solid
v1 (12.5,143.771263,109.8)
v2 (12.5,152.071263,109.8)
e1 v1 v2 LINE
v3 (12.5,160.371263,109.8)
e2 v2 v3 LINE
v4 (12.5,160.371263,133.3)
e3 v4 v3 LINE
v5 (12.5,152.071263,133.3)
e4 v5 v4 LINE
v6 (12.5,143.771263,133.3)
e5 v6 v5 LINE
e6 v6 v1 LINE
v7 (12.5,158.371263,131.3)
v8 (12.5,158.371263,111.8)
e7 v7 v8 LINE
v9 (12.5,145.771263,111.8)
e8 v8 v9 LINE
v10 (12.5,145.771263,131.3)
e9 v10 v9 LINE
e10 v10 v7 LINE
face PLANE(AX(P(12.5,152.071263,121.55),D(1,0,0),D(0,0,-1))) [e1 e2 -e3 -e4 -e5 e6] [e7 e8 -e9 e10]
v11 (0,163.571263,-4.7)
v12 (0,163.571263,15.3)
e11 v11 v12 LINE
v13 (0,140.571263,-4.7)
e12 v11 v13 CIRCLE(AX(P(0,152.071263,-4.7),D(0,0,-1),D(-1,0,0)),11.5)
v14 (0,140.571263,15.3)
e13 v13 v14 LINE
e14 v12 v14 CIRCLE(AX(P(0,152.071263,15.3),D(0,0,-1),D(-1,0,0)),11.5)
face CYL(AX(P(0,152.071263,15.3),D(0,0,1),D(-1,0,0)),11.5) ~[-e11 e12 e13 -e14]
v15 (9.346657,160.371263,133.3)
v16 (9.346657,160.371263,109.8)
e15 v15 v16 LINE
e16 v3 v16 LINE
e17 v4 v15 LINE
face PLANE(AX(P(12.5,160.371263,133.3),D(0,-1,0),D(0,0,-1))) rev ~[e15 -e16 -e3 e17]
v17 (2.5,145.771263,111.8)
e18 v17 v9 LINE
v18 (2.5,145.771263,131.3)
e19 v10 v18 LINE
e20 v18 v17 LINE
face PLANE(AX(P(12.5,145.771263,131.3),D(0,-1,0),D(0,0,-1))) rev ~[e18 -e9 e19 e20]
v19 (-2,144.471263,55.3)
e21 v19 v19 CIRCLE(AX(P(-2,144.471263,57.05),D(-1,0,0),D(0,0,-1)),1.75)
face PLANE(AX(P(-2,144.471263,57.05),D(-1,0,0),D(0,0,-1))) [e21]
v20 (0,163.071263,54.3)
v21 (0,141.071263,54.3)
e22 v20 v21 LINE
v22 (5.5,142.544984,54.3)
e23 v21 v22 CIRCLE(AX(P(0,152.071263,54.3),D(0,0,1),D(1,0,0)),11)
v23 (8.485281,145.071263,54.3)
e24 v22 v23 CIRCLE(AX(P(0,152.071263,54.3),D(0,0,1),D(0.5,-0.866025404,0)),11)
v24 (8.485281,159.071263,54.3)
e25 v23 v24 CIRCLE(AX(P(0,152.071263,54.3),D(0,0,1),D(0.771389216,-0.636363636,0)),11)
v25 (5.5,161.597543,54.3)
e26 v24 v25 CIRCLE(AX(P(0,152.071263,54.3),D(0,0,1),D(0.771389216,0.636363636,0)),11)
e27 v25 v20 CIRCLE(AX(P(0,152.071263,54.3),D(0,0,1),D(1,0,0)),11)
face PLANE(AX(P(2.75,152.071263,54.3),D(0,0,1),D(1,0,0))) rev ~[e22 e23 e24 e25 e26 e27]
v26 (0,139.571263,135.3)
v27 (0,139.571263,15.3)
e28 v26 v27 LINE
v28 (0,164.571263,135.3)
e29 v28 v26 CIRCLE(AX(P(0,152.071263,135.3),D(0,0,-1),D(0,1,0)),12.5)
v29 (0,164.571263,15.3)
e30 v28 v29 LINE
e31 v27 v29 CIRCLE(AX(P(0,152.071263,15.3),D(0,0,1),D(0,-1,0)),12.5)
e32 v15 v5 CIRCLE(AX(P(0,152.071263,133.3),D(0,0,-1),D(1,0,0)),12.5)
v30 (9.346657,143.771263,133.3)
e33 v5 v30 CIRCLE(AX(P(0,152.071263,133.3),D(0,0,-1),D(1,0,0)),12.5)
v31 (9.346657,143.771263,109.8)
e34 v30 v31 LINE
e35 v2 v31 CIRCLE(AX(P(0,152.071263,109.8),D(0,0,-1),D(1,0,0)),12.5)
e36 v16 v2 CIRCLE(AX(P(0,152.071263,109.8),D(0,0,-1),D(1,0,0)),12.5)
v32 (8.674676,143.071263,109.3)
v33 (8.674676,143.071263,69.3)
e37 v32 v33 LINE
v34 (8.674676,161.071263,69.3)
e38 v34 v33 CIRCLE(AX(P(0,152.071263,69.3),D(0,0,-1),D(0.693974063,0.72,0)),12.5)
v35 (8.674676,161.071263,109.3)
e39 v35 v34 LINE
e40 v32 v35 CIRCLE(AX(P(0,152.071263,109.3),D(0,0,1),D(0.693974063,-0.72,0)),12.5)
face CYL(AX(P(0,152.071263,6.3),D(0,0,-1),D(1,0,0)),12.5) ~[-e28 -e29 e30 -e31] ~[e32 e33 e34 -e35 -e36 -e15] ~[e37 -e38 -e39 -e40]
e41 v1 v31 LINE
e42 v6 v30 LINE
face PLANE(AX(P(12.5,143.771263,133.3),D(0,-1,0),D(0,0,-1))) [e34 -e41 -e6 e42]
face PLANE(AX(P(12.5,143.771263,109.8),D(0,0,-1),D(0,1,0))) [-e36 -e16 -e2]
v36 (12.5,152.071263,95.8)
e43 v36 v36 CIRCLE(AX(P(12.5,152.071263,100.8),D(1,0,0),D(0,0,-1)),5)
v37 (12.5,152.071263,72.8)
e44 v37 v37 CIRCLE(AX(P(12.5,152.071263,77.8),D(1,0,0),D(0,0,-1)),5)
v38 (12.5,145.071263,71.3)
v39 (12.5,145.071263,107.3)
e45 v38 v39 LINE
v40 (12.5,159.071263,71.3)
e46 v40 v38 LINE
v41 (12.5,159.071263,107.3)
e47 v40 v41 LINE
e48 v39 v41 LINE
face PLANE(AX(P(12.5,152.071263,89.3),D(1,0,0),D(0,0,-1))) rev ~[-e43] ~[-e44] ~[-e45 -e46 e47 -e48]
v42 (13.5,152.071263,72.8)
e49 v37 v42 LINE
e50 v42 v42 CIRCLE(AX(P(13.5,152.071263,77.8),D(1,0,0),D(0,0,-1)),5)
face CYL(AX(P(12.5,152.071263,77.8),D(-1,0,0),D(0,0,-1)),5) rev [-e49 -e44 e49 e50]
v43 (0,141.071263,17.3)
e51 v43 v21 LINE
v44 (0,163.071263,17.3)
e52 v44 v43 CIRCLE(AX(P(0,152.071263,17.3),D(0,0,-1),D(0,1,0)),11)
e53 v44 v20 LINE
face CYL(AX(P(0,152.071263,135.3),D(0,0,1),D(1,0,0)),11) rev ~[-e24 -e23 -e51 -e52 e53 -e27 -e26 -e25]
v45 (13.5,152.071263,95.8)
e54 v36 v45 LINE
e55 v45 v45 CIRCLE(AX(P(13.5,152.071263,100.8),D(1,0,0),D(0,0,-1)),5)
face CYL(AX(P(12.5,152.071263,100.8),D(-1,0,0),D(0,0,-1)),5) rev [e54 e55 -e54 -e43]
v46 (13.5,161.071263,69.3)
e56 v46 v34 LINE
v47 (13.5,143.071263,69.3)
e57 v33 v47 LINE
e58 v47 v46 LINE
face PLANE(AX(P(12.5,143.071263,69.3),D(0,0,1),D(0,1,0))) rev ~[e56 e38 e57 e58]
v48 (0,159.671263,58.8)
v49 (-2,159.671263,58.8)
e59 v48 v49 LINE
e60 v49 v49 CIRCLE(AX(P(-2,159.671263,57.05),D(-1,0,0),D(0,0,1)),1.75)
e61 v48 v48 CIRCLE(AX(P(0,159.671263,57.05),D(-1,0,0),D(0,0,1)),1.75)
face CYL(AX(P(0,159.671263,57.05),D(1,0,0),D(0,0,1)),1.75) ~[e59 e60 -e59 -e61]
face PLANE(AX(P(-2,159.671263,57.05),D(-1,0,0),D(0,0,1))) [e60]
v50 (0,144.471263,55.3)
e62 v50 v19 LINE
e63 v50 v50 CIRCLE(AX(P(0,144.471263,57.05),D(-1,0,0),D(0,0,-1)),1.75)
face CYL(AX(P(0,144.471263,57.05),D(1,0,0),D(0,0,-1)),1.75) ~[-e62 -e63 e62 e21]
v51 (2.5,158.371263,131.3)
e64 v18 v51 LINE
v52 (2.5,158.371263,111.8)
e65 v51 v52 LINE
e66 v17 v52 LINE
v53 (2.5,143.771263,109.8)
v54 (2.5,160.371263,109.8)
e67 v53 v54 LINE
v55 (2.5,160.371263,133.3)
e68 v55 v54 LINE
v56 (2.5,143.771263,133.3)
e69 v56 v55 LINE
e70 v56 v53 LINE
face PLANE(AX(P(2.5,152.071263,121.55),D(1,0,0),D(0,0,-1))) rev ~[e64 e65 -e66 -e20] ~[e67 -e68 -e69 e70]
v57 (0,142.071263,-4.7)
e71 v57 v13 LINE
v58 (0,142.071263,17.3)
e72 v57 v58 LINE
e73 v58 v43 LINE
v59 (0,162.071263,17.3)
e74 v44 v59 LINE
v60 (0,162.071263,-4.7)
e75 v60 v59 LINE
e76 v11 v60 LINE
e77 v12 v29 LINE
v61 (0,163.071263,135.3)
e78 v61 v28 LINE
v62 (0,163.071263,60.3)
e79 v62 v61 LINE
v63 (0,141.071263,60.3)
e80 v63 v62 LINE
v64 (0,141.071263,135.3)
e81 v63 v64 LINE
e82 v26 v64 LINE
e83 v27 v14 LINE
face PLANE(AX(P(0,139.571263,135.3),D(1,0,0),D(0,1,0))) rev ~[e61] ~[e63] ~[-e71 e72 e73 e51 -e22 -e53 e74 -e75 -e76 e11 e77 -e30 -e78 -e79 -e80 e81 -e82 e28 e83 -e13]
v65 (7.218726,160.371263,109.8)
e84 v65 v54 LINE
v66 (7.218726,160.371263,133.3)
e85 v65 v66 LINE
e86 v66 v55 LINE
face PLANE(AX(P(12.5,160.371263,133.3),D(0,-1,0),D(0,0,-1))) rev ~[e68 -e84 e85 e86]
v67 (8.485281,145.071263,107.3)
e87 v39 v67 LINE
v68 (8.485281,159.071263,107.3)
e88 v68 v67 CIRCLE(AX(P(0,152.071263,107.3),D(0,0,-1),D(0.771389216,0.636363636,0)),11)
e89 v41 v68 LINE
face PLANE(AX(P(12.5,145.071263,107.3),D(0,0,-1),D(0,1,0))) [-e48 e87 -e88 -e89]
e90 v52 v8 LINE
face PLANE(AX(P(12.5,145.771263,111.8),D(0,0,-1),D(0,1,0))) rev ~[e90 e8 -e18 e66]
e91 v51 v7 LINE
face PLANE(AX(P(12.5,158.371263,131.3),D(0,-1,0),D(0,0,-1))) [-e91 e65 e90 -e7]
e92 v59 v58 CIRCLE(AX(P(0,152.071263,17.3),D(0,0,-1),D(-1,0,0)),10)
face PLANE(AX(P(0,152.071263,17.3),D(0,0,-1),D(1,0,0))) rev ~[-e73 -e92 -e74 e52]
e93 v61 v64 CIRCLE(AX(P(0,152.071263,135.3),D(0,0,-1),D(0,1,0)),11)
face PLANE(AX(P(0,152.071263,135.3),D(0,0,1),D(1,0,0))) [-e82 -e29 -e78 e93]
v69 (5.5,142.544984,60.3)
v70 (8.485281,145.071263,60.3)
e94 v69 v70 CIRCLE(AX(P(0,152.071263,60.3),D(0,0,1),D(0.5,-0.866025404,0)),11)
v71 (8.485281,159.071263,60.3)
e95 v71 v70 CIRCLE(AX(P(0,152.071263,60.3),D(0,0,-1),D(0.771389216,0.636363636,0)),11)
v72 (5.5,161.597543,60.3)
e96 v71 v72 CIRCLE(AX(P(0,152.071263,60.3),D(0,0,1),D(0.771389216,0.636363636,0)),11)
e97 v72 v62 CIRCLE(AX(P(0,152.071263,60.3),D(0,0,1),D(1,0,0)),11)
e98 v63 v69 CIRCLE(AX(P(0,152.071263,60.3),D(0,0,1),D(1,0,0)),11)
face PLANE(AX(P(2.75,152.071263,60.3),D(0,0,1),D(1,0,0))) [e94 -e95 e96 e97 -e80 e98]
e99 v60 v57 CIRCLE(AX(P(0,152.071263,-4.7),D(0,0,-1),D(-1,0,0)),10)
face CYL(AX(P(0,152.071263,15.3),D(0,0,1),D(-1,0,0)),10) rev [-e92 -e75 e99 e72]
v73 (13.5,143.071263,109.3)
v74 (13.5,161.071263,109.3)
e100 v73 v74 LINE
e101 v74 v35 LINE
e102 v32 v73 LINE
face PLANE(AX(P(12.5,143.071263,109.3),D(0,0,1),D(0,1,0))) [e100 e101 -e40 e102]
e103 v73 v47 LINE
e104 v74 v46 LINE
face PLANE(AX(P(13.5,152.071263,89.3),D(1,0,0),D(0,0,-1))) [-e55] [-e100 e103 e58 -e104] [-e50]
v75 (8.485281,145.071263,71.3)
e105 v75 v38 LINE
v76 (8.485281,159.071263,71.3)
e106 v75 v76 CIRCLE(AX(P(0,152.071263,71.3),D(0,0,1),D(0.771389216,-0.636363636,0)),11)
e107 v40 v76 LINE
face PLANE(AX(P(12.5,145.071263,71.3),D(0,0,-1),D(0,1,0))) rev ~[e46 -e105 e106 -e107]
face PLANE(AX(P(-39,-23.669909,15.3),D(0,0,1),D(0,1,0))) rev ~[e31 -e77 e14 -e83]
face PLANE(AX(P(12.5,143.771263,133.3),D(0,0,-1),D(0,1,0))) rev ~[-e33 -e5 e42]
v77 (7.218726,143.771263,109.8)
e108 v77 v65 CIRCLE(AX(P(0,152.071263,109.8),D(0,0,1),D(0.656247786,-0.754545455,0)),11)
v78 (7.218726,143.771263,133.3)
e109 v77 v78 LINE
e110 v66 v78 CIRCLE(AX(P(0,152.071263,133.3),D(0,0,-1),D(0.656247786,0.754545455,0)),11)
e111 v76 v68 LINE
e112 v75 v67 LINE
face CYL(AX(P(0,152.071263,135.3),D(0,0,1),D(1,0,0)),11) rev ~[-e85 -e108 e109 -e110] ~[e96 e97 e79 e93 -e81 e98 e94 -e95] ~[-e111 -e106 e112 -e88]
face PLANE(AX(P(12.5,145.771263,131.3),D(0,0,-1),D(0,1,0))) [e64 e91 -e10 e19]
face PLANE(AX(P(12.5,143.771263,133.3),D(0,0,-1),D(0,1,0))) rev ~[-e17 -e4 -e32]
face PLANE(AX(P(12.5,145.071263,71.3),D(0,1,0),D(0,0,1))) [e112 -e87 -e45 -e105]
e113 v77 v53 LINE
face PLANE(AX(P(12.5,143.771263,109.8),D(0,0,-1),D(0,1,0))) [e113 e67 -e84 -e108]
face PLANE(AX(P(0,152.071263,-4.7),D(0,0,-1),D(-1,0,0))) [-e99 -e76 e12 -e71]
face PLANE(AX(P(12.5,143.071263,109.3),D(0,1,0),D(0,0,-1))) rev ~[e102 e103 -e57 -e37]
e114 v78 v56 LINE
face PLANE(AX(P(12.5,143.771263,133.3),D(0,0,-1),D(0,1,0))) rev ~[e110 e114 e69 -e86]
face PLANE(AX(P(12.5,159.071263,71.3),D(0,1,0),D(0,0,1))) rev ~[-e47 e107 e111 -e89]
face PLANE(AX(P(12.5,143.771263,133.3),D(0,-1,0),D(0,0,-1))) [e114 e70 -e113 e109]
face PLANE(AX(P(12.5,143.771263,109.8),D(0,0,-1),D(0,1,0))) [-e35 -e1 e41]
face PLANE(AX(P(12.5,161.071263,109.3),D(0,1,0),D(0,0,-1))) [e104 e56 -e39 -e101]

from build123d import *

# Parameters (mm, degrees)
SKETCH1_W                = 15.3
SKETCH1_H                = 180
SKETCH1_W_2              = 12.3
SKETCH1_H_2              = 20
BOSS_EXTRUDE1_DEPTH      = 120
BOSS_EXTRUDE1_DEPTH_BACK = 9
SKETCH4_R                = 12.5
BOSS_EXTRUDE2_START      = -25
SKETCH6_W                = 40
SKETCH6_H                = 18
SKETCH6_W_2              = 36
SKETCH6_H_2              = 14
BOSS_EXTRUDE2_DEPTH      = 10
SKETCH2_R                = 10.8
CUT_EXTRUDE1_DEPTH       = 199
SKETCH5_R                = 11
CUT_EXTRUDE2_DEPTH       = 133
SKETCH7_W                = 36
SKETCH7_H                = 14
CUT_EXTRUDE3_DEPTH       = 15
BOSS_EXTRUDE3_START      = -11
SKETCH8_W                = 5.5
SKETCH8_H                = 22
BOSS_EXTRUDE3_DEPTH      = 6
SKETCH10_W               = 23.5
SKETCH10_H               = 16.6
SKETCH10_W_2             = 19.5
SKETCH10_H_2             = 12.6
BOSS_EXTRUDE5_DEPTH      = 10
SKETCH11_W               = 19.5
SKETCH11_H               = 12.6
CUT_EXTRUDE4_DEPTH       = 12
SKETCH13_W               = 40
SKETCH13_H               = 18
SKETCH13_R               = 5
BOSS_EXTRUDE6_DEPTH      = 1
CUT_EXTRUDE7_DEPTH       = 106
CUT_EXTRUDE7_DEPTH_BACK  = 39
SKETCH15_W               = 30.6
SKETCH15_H               = 203.669908639
SKETCH16_R               = 12.5
BOSS_EXTRUDE7_DEPTH      = 2
SKETCH17_R               = 11.5
SKETCH17_R_2             = 10
BOSS_EXTRUDE8_DEPTH      = 20
CUT_EXTRUDE8_START       = -2
SKETCH18_R               = 10
CUT_EXTRUDE8_DEPTH       = 2
SKETCH9_R                = 1.75
BOSS_EXTRUDE4_DEPTH      = 2
CUT_EXTRUDE10_DEPTH      = 182


with BuildPart() as part:
    # Sketch1 → Revolve1 (revolve)
    with BuildSketch(Plane.XY, mode=Mode.PRIVATE) as revolve1_sk:
        with Locations((-7.65, 90)):
            Rectangle(SKETCH1_W, SKETCH1_H)
        with Locations((-6.15, -10)):
            Rectangle(SKETCH1_W_2, SKETCH1_H_2)
    revolve(revolve1_sk.sketch.rotate(Axis((0, 259.808396335, 0), (0, -1, 0)), 270), axis=Axis((0, 259.808396335, 0), (0, -1, 0)))

    # Sketch4 → Boss-Extrude1 (add, two sides: drawn at the far end of the back side and taken through both)
    with BuildSketch(Plane.XY.offset(15.3).offset(-BOSS_EXTRUDE1_DEPTH_BACK)):
        with Locations((0, 152.071263422)):
            Circle(SKETCH4_R)
    extrude(amount=BOSS_EXTRUDE1_DEPTH + BOSS_EXTRUDE1_DEPTH_BACK)

    # Sketch6 → Boss-Extrude2 (add)
    with BuildSketch(Plane.ZY.offset(12.5).offset(BOSS_EXTRUDE2_START)):
        with Locations((89.3, 152.071263422)):
            Rectangle(SKETCH6_W, SKETCH6_H)
        with Locations((89.3, 152.071263422)):
            Rectangle(SKETCH6_W_2, SKETCH6_H_2, mode=Mode.SUBTRACT)
    extrude(amount=BOSS_EXTRUDE2_DEPTH)

    # Sketch2 → Cut-Extrude1 (cut)
    with BuildSketch(Plane.XZ.offset(20)):
        with Locations(Location((0, 0, 0), (0, 0, 270))):
            Circle(SKETCH2_R)
    extrude(amount=-CUT_EXTRUDE1_DEPTH, mode=Mode.SUBTRACT)

    # Sketch5 → Cut-Extrude2 (cut)
    with BuildSketch(Plane.XY.offset(135.3)):
        with Locations((0, 152.071263422)):
            Circle(SKETCH5_R)
    extrude(amount=-CUT_EXTRUDE2_DEPTH, mode=Mode.SUBTRACT)

    # Sketch7 → Cut-Extrude3 (cut)
    with BuildSketch(Plane(origin=(12.5, 0, 0), x_dir=(0, 0, -1), z_dir=(1, 0, 0))):
        with Locations((-89.3, 152.071263422)):
            Rectangle(SKETCH7_W, SKETCH7_H)
    extrude(amount=-CUT_EXTRUDE3_DEPTH, mode=Mode.SUBTRACT)

    # Sketch8 → Boss-Extrude3 (add)
    with BuildSketch(Plane.XY.offset(71.3).offset(BOSS_EXTRUDE3_START)):
        with Locations((2.75, 152.071263422)):
            Rectangle(SKETCH8_W, SKETCH8_H)
        with BuildLine():
            ThreePointArc((8.485281374, 159.071263422), (7.105810702, 160.468135117), (5.5, 161.597542863))
            Line((5.5, 161.597542863), (5.5, 142.54498398))
            ThreePointArc((5.5, 142.54498398), (7.105810702, 143.674391726), (8.485281374, 145.071263422))
            ThreePointArc((8.485281374, 145.071263422), (11, 152.071263422), (8.485281374, 159.071263422))
        make_face()
    extrude(amount=-BOSS_EXTRUDE3_DEPTH)

    # Sketch10 → Boss-Extrude5 (add)
    with BuildSketch(Plane(origin=(12.5, 0, 0), x_dir=(0, 0, -1), z_dir=(1, 0, 0))):
        with Locations((-121.55, 152.071263422)):
            Rectangle(SKETCH10_W, SKETCH10_H)
        with Locations((-121.55, 152.071263422)):
            Rectangle(SKETCH10_W_2, SKETCH10_H_2, mode=Mode.SUBTRACT)
    extrude(amount=-BOSS_EXTRUDE5_DEPTH)

    # Sketch11 → Cut-Extrude4 (cut)
    with BuildSketch(Plane(origin=(12.5, 0, 0), x_dir=(0, 0, -1), z_dir=(1, 0, 0))):
        with Locations((-121.55, 152.071263422)):
            Rectangle(SKETCH11_W, SKETCH11_H)
    extrude(amount=-CUT_EXTRUDE4_DEPTH, mode=Mode.SUBTRACT)

    # Sketch13 → Boss-Extrude6 (add)
    with BuildSketch(Plane(origin=(12.5, 0, 0), x_dir=(0, 0, -1), z_dir=(1, 0, 0))):
        with Locations((-89.3, 152.071263422)):
            Rectangle(SKETCH13_W, SKETCH13_H)
        with Locations((-100.8, 152.071263422)):
            Circle(SKETCH13_R, mode=Mode.SUBTRACT)
        with Locations((-77.8, 152.071263422)):
            Circle(SKETCH13_R, mode=Mode.SUBTRACT)
    extrude(amount=BOSS_EXTRUDE6_DEPTH)

    # Sketch15 → Cut-Extrude7 (cut, two sides: drawn at the far end of the back side and taken through both)
    with BuildSketch(Plane(origin=(0, 0, 0), x_dir=(0, 0, -1), z_dir=(1, 0, 0)).offset(-CUT_EXTRUDE7_DEPTH_BACK)):
        with Locations((0, 78.165045681)):
            Rectangle(SKETCH15_W, SKETCH15_H)
    extrude(amount=CUT_EXTRUDE7_DEPTH + CUT_EXTRUDE7_DEPTH_BACK, mode=Mode.SUBTRACT)

    # Sketch16 → Boss-Extrude7 (add)
    with BuildSketch(Plane(origin=(0, 0, 15.3), x_dir=(-1, 0, 0), z_dir=(0, 0, -1))):
        with Locations(Location((0, 152.071263422, 0), (0, 0, 180))):
            Circle(SKETCH16_R)
    extrude(amount=-BOSS_EXTRUDE7_DEPTH)

    # Sketch17 → Boss-Extrude8 (add)
    with BuildSketch(Plane(origin=(0, 0, 15.3), x_dir=(-1, 0, 0), z_dir=(0, 0, -1))):
        with Locations((0, 152.071263422)):
            Circle(SKETCH17_R)
        with Locations((0, 152.071263422)):
            Circle(SKETCH17_R_2, mode=Mode.SUBTRACT)
    extrude(amount=BOSS_EXTRUDE8_DEPTH)

    # Sketch18 → Cut-Extrude8 (cut)
    with BuildSketch(Plane(origin=(0, 0, 15.3), x_dir=(-1, 0, 0), z_dir=(0, 0, -1)).offset(CUT_EXTRUDE8_START)):
        with Locations((0, 152.071263422)):
            Circle(SKETCH18_R)
    extrude(amount=CUT_EXTRUDE8_DEPTH, mode=Mode.SUBTRACT)

    # Sketch9 → Boss-Extrude4 (add)
    with BuildSketch(Plane.ZY):
        with Locations((57.05, 159.671263422)):
            Circle(SKETCH9_R)
        with Locations(Location((57.05, 144.471263422, 0), (0, 0, 180))):
            Circle(SKETCH9_R)
    extrude(amount=BOSS_EXTRUDE4_DEPTH)

    # Sketch19 → Cut-Extrude10 (cut)
    with BuildSketch(Plane.XY.offset(135.3)):
        with BuildLine():
            ThreePointArc((0, 141.071263422), (-11, 152.071263422), (0, 163.071263422))
            Line((0, 163.071263422), (0, 164.571263422))
            ThreePointArc((0, 164.571263422), (-12.5, 152.071263422), (0, 139.571263422))
            Line((0, 139.571263422), (0, 141.071263422))
        make_face()
        with BuildLine():
            Line((-2.177257281, 161.7010227), (0, 161.7010227))
            Line((0, 161.7010227), (0, 163.071263422))
            ThreePointArc((0, 163.071263422), (-11, 152.071263422), (0, 141.071263422))
            Line((0, 141.071263422), (0, 142.542341384))
            Line((0, 142.542341384), (-2.177257281, 142.542341384))
            Line((-2.177257281, 142.542341384), (-2.177257281, 143.338591967))
            ThreePointArc((-2.177257281, 143.338591967), (-9, 152.071263422), (-2.177257281, 160.803934876))
            Line((-2.177257281, 160.803934876), (-2.177257281, 161.7010227))
        make_face()
        with BuildLine():
            Line((-2.177257281, 143.338591967), (-2.177257281, 160.803934876))
            ThreePointArc((-2.177257281, 160.803934876), (-9, 152.071263422), (-2.177257281, 143.338591967))
        make_face()
    extrude(amount=-CUT_EXTRUDE10_DEPTH, mode=Mode.SUBTRACT)


solid = part.part
